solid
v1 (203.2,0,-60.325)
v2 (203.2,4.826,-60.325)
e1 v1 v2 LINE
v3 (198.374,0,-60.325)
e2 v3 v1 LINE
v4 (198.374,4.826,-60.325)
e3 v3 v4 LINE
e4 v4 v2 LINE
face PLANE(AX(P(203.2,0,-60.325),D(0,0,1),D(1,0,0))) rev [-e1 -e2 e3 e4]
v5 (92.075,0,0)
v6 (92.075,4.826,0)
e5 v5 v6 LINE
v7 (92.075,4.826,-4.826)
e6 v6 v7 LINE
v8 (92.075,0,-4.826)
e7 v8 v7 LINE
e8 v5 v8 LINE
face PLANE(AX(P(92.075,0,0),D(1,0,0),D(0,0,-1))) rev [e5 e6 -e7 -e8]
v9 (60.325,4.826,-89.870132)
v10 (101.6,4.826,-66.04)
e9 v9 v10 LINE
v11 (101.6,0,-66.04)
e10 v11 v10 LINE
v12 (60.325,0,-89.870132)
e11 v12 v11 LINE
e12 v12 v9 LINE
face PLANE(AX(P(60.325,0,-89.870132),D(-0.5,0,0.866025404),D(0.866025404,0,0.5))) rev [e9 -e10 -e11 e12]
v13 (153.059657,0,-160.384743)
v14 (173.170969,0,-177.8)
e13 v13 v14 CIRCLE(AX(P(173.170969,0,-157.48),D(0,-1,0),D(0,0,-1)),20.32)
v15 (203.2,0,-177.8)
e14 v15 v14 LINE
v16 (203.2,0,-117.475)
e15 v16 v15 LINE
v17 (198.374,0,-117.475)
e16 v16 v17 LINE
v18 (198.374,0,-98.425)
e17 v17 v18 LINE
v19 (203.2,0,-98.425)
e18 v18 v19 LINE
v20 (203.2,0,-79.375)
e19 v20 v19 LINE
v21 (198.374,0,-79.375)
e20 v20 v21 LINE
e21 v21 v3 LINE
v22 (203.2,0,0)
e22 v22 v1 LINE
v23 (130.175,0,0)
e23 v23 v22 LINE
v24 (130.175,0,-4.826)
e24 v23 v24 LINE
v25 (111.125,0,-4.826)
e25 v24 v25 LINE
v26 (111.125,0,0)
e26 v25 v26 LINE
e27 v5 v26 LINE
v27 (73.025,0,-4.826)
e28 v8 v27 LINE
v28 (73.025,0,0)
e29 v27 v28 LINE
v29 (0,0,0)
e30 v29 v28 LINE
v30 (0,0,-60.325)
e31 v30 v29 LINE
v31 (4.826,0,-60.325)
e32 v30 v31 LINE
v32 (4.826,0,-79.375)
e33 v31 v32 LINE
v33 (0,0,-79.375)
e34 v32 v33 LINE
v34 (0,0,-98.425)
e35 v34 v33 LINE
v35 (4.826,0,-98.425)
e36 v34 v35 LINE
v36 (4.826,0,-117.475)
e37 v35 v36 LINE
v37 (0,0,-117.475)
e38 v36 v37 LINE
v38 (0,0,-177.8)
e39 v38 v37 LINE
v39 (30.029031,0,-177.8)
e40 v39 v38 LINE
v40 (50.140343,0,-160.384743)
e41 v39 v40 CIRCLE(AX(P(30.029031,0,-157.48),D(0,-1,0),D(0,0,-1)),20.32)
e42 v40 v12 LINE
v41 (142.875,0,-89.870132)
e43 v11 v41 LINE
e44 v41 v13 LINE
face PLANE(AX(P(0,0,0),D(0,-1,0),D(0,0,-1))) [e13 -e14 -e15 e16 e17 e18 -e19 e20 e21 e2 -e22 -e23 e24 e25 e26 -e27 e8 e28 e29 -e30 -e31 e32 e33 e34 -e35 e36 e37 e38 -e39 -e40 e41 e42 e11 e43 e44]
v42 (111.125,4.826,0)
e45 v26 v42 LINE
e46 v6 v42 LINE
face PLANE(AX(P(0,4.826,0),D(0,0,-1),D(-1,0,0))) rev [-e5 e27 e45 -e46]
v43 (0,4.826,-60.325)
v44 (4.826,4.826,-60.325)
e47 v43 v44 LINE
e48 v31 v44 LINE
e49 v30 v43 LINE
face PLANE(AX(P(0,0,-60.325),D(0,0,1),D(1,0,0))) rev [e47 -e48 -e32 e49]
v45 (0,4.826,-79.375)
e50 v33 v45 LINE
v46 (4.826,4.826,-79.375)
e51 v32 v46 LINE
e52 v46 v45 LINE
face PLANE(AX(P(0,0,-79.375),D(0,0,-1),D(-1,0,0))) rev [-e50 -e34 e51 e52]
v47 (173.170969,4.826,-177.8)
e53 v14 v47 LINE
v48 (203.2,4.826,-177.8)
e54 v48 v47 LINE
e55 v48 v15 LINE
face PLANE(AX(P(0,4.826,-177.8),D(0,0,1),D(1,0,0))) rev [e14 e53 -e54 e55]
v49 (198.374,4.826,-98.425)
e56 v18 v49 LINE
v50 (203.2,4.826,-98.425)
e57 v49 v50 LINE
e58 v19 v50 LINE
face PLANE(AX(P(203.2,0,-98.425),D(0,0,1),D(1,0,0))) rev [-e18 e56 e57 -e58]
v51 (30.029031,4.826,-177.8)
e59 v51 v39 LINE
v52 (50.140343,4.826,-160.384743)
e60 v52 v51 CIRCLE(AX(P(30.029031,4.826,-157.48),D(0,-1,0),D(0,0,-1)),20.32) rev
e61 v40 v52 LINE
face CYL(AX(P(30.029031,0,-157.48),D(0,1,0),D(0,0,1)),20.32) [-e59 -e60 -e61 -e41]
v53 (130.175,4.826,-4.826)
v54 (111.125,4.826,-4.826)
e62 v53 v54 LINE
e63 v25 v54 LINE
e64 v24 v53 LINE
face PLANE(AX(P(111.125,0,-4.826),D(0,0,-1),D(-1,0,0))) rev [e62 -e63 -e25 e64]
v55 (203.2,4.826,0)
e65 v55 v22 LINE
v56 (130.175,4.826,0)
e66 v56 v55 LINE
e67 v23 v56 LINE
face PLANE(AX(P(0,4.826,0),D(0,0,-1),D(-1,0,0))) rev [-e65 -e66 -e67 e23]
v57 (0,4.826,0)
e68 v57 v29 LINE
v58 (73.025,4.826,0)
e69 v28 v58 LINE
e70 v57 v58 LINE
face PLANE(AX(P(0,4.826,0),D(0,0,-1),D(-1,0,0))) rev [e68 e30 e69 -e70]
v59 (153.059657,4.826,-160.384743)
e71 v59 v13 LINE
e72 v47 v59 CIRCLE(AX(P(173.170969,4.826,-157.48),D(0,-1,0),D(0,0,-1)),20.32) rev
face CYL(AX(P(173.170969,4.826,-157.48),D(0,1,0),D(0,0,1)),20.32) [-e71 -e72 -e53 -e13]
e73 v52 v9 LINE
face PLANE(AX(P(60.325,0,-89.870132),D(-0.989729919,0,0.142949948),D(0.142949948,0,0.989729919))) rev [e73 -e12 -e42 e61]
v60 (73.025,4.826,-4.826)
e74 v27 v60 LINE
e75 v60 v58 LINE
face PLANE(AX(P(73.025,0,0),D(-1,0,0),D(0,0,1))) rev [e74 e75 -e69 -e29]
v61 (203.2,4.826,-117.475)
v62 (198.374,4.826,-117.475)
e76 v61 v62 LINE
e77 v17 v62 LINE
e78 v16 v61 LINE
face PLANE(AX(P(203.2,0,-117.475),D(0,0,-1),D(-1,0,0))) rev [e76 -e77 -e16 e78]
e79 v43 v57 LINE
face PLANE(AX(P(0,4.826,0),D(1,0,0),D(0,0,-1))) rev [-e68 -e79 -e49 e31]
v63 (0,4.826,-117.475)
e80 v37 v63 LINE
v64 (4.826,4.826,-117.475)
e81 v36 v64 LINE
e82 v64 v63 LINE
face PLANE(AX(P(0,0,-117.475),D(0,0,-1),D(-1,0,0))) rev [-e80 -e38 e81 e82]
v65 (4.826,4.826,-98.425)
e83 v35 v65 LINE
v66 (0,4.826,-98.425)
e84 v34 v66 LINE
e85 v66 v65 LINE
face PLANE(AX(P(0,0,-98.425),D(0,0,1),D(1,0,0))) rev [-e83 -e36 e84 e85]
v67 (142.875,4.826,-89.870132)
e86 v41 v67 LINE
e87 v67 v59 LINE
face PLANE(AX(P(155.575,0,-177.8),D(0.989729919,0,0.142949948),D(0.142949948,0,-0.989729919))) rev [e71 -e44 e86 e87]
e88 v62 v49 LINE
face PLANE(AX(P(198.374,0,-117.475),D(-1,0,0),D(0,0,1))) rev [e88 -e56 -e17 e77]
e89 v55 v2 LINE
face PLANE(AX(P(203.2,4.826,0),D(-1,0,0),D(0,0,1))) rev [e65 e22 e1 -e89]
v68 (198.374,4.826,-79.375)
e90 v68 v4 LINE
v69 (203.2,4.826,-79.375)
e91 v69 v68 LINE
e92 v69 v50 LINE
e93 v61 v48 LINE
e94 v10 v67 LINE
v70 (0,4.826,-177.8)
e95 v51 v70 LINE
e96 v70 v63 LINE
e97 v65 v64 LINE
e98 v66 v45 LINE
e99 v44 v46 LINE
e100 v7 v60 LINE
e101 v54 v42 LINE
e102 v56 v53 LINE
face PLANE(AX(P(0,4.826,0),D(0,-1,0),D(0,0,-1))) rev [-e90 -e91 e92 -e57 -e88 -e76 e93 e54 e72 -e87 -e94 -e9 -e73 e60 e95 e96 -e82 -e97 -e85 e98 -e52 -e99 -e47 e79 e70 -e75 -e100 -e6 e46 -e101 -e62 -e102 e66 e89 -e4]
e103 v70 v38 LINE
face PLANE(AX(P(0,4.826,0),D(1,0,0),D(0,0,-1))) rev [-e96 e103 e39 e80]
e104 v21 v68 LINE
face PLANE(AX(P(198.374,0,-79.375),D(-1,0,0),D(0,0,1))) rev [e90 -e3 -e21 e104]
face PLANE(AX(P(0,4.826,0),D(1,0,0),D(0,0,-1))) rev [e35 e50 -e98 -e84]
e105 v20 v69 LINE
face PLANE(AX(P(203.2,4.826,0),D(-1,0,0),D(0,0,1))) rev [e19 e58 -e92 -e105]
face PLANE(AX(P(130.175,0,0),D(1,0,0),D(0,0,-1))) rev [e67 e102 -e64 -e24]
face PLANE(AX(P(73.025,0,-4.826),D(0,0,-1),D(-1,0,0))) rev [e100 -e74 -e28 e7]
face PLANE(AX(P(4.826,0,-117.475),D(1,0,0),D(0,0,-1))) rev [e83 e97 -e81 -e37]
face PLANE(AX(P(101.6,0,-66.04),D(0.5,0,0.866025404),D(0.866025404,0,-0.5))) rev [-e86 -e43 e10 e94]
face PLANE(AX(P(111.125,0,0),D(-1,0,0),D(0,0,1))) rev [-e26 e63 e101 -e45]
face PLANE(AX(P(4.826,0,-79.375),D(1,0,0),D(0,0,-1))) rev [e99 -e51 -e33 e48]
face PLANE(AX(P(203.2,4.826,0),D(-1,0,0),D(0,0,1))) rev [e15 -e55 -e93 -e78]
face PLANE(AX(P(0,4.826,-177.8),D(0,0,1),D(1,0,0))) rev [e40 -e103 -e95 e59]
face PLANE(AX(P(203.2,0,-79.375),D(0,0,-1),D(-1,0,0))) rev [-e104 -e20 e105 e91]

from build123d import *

# Parameters (mm, degrees)
SKETCH1_W             = 203.2
SKETCH1_H             = 177.8
BASE_DEPTH            = 4.826
CENTER_CUT_DEPTH      = 271.048829429
LEADING_EDGE_FILLET_R = 20.32
SKETCH3_W             = 4.826
SKETCH3_H             = 19.05
SIDE_SLOTS_DEPTH      = 271.048829429
SKETCH4_W             = 19.05
SKETCH4_H             = 4.826
REAR_SLOTS_DEPTH      = 271.048829429


with BuildPart() as part:
    # Sketch1 → Base (new body)
    with BuildSketch(Plane(origin=(0, 0, 0), x_dir=(1, 0, 0), z_dir=(0, 1, 0))):
        with Locations((101.6, 88.9)):
            Rectangle(SKETCH1_W, SKETCH1_H)
    extrude(amount=BASE_DEPTH)

    # Sketch2 → Center Cut (cut, through all)
    with BuildSketch(Plane(origin=(0, 4.826, 0), x_dir=(1, 0, 0), z_dir=(0, 1, 0))):
        Polygon((60.325, 89.870132361), (101.6, 66.04), (142.875, 89.870132361), (155.575, 177.8), (47.625, 177.8), align=None)
    extrude(amount=-CENTER_CUT_DEPTH, mode=Mode.SUBTRACT)

    # Leading Edge Fillet
    leading_edge_fillet_edges = [part.edges().sort_by_distance(p)[0] for p in [
        (47.625, 2.413, -177.8),
        (155.575, 2.413, -177.8),
    ]]
    fillet(leading_edge_fillet_edges, radius=LEADING_EDGE_FILLET_R)

    # Sketch3 → Side Slots (cut, through all)
    with BuildSketch(Plane(origin=(0, 4.826, 0), x_dir=(1, 0, 0), z_dir=(0, 1, 0))):
        with Locations((2.413, 107.95)):
            Rectangle(SKETCH3_W, SKETCH3_H)
        with Locations((2.413, 69.85)):
            Rectangle(SKETCH3_W, SKETCH3_H)
        with Locations((200.787, 69.85)):
            Rectangle(SKETCH3_W, SKETCH3_H)
        with Locations((200.787, 107.95)):
            Rectangle(SKETCH3_W, SKETCH3_H)
    extrude(amount=-SIDE_SLOTS_DEPTH, mode=Mode.SUBTRACT)

    # Sketch4 → Rear Slots (cut, through all)
    with BuildSketch(Plane(origin=(0, 4.826, 0), x_dir=(1, 0, 0), z_dir=(0, 1, 0))):
        with Locations((82.55, 2.413)):
            Rectangle(SKETCH4_W, SKETCH4_H)
        with Locations((120.65, 2.413)):
            Rectangle(SKETCH4_W, SKETCH4_H)
    extrude(amount=-REAR_SLOTS_DEPTH, mode=Mode.SUBTRACT)


solid = part.part
